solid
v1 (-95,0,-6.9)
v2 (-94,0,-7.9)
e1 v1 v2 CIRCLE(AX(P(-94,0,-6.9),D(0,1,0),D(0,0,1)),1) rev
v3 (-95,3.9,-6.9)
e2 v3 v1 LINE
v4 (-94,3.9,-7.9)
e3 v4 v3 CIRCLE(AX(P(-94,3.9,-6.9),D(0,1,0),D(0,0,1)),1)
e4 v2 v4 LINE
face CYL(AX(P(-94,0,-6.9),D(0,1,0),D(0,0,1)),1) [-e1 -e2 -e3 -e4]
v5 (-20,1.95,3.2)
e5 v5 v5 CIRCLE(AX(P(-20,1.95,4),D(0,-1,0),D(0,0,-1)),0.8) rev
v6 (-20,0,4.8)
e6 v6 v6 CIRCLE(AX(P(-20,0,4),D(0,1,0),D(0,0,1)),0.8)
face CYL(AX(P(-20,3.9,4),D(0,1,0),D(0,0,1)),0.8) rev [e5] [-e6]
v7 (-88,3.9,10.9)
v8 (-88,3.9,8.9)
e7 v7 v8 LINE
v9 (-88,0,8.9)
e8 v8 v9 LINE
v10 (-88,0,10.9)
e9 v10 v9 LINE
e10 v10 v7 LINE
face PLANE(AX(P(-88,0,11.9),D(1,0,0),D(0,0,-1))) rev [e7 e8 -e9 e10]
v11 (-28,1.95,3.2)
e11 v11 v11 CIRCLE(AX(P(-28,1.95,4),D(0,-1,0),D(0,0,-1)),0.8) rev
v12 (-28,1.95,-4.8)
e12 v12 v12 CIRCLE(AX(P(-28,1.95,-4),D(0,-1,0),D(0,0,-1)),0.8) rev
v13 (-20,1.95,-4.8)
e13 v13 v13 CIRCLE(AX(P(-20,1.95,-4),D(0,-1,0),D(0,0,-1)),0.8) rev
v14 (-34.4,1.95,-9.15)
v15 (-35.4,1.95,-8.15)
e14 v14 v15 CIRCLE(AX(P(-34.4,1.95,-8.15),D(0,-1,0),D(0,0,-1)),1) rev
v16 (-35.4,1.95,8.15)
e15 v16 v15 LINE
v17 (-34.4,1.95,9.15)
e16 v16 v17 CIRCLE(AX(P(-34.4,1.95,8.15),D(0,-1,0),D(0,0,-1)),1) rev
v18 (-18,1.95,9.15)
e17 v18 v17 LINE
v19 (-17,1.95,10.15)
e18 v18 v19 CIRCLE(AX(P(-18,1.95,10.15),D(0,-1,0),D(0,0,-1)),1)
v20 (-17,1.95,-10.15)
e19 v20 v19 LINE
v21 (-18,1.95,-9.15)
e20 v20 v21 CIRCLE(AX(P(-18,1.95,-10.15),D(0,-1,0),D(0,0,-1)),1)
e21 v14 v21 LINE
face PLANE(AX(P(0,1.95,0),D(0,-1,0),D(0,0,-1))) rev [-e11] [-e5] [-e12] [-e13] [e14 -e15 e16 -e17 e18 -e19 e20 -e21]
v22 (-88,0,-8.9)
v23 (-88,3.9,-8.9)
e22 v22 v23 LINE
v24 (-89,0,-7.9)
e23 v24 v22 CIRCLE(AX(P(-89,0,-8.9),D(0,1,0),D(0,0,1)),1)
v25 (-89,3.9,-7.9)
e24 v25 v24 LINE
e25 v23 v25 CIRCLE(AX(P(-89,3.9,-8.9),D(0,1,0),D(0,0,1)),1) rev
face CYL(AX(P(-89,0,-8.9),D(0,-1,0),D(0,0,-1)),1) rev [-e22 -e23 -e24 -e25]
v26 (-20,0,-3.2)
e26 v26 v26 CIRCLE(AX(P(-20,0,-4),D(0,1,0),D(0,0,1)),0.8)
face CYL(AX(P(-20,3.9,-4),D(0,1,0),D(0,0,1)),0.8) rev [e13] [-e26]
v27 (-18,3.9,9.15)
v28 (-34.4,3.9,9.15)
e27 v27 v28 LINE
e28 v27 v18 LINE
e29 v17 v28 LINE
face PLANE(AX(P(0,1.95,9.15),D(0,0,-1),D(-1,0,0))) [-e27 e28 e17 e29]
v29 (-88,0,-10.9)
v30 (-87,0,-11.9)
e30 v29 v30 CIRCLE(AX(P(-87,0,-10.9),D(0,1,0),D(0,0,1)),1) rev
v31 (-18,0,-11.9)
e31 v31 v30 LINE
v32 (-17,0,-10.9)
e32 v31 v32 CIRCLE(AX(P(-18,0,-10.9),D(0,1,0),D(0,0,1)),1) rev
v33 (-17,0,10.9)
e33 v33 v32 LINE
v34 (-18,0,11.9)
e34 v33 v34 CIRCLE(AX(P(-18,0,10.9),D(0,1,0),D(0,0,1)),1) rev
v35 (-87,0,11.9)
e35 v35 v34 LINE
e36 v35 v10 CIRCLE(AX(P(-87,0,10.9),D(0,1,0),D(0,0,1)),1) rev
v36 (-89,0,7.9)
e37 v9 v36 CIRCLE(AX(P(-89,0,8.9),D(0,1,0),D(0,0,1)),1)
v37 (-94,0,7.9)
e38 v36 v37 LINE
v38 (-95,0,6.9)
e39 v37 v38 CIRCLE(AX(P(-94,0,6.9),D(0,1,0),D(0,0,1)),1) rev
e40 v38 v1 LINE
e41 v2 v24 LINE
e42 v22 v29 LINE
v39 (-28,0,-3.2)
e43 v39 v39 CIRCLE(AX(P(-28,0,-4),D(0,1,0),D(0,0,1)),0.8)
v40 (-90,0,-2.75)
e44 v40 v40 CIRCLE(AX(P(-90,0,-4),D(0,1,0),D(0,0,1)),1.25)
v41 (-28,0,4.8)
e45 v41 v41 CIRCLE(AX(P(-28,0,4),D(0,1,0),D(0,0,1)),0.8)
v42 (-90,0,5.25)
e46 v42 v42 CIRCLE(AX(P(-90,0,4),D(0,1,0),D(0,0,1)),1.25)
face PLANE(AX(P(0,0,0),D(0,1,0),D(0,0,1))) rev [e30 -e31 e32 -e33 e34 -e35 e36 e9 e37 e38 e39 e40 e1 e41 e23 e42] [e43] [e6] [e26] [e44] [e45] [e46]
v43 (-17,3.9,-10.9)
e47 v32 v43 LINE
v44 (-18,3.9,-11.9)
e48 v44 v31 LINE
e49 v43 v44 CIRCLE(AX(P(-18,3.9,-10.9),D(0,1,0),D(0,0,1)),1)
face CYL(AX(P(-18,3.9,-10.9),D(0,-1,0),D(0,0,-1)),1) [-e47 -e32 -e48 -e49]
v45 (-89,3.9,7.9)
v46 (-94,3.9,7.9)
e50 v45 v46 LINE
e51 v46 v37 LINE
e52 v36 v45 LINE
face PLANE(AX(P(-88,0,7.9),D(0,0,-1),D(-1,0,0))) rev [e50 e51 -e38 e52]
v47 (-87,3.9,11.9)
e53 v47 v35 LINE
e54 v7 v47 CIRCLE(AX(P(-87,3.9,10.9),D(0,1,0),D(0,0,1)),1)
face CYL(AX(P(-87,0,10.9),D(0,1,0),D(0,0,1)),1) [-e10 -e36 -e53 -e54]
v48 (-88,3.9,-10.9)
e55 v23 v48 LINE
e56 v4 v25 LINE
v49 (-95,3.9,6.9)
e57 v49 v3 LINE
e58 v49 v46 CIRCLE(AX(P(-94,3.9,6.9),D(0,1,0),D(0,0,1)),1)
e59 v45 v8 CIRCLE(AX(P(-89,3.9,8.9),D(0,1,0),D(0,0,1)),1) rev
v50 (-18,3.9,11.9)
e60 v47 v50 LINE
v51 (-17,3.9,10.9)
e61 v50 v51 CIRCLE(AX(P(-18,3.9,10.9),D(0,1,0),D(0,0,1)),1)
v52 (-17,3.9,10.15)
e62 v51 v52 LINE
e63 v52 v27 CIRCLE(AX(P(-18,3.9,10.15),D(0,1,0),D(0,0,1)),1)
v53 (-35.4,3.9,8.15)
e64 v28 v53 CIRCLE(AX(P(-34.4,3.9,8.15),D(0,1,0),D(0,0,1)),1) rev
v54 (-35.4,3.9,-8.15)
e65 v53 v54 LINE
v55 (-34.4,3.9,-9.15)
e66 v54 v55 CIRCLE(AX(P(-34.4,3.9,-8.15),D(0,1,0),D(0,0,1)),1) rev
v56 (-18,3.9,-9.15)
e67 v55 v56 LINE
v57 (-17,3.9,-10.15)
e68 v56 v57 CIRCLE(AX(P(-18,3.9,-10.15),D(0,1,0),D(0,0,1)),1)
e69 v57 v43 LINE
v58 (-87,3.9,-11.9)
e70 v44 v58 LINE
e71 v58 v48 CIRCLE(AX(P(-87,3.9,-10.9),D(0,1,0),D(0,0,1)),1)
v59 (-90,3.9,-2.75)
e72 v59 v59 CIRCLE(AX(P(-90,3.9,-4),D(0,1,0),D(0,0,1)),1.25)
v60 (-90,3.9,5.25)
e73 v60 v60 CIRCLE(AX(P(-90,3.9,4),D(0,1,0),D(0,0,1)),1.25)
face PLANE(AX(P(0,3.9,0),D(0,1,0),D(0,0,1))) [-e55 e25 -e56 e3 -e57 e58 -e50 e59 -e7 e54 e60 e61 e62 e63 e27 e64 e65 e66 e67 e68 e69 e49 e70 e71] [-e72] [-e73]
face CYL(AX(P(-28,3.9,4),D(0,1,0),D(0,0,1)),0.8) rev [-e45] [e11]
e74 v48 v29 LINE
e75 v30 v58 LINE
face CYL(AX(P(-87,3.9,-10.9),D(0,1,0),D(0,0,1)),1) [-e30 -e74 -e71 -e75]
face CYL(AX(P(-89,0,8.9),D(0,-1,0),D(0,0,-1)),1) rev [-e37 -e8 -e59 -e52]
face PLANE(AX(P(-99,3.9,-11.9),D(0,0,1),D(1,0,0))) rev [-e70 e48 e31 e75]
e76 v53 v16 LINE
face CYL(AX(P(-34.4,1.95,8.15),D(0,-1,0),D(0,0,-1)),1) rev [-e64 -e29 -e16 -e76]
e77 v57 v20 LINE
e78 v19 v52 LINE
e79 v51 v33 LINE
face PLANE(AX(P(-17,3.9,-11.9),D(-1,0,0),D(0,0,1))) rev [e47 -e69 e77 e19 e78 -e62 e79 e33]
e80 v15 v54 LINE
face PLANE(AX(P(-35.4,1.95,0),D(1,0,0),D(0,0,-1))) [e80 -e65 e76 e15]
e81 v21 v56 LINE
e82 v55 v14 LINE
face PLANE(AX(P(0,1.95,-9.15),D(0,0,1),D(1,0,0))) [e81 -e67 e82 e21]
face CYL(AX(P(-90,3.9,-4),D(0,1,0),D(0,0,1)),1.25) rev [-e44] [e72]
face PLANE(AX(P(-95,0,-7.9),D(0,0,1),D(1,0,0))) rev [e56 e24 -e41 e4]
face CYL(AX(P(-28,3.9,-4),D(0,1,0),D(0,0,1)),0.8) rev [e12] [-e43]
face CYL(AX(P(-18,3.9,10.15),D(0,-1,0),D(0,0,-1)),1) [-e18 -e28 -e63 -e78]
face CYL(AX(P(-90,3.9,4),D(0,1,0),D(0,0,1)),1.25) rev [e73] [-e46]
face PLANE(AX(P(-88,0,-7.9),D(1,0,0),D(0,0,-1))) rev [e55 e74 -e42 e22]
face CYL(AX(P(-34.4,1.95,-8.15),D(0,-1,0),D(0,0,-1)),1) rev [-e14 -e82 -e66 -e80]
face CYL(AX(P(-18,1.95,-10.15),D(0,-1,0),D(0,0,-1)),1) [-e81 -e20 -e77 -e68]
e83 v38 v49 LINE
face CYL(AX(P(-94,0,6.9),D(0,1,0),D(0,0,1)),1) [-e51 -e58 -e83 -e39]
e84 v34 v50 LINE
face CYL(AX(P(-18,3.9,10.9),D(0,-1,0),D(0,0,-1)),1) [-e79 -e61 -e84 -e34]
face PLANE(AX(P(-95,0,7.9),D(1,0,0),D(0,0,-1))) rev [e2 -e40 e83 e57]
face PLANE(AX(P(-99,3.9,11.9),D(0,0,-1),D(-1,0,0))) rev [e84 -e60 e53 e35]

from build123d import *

# Parameters (mm, degrees)
SKETCH5_W            = 82
SKETCH5_H            = 23.8
BOSS_EXTRUDE1_DEPTH  = 3.9
M2_TAPPED_HOLE1_D    = 1.6
LPATTERN1_COUNT      = 2
LPATTERN1_PITCH      = 8
LPATTERN1_COUNT_DIR2 = 2
LPATTERN1_PITCH_DIR2 = 8
CUT_EXTRUDE2_START   = 3.9
REF_JOIN_CUT_FRONT_W = 18.4
REF_JOIN_CUT_FRONT_H = 18.3
CUT_EXTRUDE2_DEPTH   = 1.95
M3_TAPPED_HOLE2_D    = 2.5
LPATTERN2_COUNT      = 2
LPATTERN2_PITCH      = 8
CUT_EXTRUDE4_DEPTH   = 100.788877136
FILLET4_R            = 1
FILLET6_R            = 1


with BuildPart() as part:
    # Sketch5 → Boss-Extrude1 (new body)
    with BuildSketch(Plane(origin=(0, 0, 0), x_dir=(1, 0, 0), z_dir=(0, 1, 0))):
        with Locations((-58, 0)):
            Rectangle(SKETCH5_W, SKETCH5_H)
    extrude(amount=BOSS_EXTRUDE1_DEPTH)

    # M2 Tapped Hole1 (through all)
    with Locations(Plane(origin=(0, 3.9, 0), x_dir=(1, 0, 0), z_dir=(0, 1, 0))):
        with Locations((-20, 4)):
            m2_tapped_hole1 = Hole(M2_TAPPED_HOLE1_D / 2)

    # LPattern1: M2 Tapped Hole1 2 × 2
    with Locations(*[(-j * LPATTERN1_PITCH_DIR2, 0, i * LPATTERN1_PITCH) for i in range(LPATTERN1_COUNT) for j in range(LPATTERN1_COUNT_DIR2) if (i, j) != (0, 0)]):
        add(m2_tapped_hole1, mode=Mode.SUBTRACT)

    # Ref join cut, Front → Cut-Extrude2 (cut)
    with BuildSketch(Plane(origin=(0, 0, 0), x_dir=(-1, 0, 0), z_dir=(0, 1, 0)).offset(CUT_EXTRUDE2_START)):
        with Locations((26.2, 0)):
            Rectangle(REF_JOIN_CUT_FRONT_W, REF_JOIN_CUT_FRONT_H)
    extrude(amount=-CUT_EXTRUDE2_DEPTH, mode=Mode.SUBTRACT)

    # M3 Tapped Hole2 (through all)
    with Locations(Plane(origin=(0, 3.9, 0), x_dir=(1, 0, 0), z_dir=(0, 1, 0))):
        with Locations((-90, 4)):
            m3_tapped_hole2 = Hole(M3_TAPPED_HOLE2_D / 2)

    # LPattern2: M3 Tapped Hole2 ×2
    with Locations(*[(0, 0, i * LPATTERN2_PITCH) for i in range(1, LPATTERN2_COUNT)]):
        add(m3_tapped_hole2, mode=Mode.SUBTRACT)

    # Sketch13 → Cut-Extrude4 (cut, through all)
    with BuildSketch(Plane(origin=(0, 3.9, 0), x_dir=(1, 0, 0), z_dir=(0, 1, 0))):
        Polygon((-88, -11.9), (-88, -7.9), (-95, -7.9), (-95, 7.9), (-88, 7.9), (-88, 11.9), (-99, 11.9), (-99, -11.9), align=None)
    extrude(amount=-CUT_EXTRUDE4_DEPTH, mode=Mode.SUBTRACT)

    # Fillet4
    fillet4_edges = [part.edges().sort_by_distance(p)[0] for p in [
        (-88, 1.95, 11.9),
        (-88, 1.95, -11.9),
        (-88, 1.95, -7.9),
        (-95, 1.95, -7.9),
        (-95, 1.95, 7.9),
        (-88, 1.95, 7.9),
    ]]
    fillet(fillet4_edges, radius=FILLET4_R)

    # Fillet6
    fillet6_edges = [part.edges().sort_by_distance(p)[0] for p in [
        (-35.4, 2.925, -9.15),
        (-17, 2.925, -9.15),
        (-17, 2.925, 9.15),
        (-35.4, 2.925, 9.15),
        (-17, 1.95, -11.9),
        (-17, 1.95, 11.9),
    ]]
    fillet(fillet6_edges, radius=FILLET6_R)


solid = part.part
